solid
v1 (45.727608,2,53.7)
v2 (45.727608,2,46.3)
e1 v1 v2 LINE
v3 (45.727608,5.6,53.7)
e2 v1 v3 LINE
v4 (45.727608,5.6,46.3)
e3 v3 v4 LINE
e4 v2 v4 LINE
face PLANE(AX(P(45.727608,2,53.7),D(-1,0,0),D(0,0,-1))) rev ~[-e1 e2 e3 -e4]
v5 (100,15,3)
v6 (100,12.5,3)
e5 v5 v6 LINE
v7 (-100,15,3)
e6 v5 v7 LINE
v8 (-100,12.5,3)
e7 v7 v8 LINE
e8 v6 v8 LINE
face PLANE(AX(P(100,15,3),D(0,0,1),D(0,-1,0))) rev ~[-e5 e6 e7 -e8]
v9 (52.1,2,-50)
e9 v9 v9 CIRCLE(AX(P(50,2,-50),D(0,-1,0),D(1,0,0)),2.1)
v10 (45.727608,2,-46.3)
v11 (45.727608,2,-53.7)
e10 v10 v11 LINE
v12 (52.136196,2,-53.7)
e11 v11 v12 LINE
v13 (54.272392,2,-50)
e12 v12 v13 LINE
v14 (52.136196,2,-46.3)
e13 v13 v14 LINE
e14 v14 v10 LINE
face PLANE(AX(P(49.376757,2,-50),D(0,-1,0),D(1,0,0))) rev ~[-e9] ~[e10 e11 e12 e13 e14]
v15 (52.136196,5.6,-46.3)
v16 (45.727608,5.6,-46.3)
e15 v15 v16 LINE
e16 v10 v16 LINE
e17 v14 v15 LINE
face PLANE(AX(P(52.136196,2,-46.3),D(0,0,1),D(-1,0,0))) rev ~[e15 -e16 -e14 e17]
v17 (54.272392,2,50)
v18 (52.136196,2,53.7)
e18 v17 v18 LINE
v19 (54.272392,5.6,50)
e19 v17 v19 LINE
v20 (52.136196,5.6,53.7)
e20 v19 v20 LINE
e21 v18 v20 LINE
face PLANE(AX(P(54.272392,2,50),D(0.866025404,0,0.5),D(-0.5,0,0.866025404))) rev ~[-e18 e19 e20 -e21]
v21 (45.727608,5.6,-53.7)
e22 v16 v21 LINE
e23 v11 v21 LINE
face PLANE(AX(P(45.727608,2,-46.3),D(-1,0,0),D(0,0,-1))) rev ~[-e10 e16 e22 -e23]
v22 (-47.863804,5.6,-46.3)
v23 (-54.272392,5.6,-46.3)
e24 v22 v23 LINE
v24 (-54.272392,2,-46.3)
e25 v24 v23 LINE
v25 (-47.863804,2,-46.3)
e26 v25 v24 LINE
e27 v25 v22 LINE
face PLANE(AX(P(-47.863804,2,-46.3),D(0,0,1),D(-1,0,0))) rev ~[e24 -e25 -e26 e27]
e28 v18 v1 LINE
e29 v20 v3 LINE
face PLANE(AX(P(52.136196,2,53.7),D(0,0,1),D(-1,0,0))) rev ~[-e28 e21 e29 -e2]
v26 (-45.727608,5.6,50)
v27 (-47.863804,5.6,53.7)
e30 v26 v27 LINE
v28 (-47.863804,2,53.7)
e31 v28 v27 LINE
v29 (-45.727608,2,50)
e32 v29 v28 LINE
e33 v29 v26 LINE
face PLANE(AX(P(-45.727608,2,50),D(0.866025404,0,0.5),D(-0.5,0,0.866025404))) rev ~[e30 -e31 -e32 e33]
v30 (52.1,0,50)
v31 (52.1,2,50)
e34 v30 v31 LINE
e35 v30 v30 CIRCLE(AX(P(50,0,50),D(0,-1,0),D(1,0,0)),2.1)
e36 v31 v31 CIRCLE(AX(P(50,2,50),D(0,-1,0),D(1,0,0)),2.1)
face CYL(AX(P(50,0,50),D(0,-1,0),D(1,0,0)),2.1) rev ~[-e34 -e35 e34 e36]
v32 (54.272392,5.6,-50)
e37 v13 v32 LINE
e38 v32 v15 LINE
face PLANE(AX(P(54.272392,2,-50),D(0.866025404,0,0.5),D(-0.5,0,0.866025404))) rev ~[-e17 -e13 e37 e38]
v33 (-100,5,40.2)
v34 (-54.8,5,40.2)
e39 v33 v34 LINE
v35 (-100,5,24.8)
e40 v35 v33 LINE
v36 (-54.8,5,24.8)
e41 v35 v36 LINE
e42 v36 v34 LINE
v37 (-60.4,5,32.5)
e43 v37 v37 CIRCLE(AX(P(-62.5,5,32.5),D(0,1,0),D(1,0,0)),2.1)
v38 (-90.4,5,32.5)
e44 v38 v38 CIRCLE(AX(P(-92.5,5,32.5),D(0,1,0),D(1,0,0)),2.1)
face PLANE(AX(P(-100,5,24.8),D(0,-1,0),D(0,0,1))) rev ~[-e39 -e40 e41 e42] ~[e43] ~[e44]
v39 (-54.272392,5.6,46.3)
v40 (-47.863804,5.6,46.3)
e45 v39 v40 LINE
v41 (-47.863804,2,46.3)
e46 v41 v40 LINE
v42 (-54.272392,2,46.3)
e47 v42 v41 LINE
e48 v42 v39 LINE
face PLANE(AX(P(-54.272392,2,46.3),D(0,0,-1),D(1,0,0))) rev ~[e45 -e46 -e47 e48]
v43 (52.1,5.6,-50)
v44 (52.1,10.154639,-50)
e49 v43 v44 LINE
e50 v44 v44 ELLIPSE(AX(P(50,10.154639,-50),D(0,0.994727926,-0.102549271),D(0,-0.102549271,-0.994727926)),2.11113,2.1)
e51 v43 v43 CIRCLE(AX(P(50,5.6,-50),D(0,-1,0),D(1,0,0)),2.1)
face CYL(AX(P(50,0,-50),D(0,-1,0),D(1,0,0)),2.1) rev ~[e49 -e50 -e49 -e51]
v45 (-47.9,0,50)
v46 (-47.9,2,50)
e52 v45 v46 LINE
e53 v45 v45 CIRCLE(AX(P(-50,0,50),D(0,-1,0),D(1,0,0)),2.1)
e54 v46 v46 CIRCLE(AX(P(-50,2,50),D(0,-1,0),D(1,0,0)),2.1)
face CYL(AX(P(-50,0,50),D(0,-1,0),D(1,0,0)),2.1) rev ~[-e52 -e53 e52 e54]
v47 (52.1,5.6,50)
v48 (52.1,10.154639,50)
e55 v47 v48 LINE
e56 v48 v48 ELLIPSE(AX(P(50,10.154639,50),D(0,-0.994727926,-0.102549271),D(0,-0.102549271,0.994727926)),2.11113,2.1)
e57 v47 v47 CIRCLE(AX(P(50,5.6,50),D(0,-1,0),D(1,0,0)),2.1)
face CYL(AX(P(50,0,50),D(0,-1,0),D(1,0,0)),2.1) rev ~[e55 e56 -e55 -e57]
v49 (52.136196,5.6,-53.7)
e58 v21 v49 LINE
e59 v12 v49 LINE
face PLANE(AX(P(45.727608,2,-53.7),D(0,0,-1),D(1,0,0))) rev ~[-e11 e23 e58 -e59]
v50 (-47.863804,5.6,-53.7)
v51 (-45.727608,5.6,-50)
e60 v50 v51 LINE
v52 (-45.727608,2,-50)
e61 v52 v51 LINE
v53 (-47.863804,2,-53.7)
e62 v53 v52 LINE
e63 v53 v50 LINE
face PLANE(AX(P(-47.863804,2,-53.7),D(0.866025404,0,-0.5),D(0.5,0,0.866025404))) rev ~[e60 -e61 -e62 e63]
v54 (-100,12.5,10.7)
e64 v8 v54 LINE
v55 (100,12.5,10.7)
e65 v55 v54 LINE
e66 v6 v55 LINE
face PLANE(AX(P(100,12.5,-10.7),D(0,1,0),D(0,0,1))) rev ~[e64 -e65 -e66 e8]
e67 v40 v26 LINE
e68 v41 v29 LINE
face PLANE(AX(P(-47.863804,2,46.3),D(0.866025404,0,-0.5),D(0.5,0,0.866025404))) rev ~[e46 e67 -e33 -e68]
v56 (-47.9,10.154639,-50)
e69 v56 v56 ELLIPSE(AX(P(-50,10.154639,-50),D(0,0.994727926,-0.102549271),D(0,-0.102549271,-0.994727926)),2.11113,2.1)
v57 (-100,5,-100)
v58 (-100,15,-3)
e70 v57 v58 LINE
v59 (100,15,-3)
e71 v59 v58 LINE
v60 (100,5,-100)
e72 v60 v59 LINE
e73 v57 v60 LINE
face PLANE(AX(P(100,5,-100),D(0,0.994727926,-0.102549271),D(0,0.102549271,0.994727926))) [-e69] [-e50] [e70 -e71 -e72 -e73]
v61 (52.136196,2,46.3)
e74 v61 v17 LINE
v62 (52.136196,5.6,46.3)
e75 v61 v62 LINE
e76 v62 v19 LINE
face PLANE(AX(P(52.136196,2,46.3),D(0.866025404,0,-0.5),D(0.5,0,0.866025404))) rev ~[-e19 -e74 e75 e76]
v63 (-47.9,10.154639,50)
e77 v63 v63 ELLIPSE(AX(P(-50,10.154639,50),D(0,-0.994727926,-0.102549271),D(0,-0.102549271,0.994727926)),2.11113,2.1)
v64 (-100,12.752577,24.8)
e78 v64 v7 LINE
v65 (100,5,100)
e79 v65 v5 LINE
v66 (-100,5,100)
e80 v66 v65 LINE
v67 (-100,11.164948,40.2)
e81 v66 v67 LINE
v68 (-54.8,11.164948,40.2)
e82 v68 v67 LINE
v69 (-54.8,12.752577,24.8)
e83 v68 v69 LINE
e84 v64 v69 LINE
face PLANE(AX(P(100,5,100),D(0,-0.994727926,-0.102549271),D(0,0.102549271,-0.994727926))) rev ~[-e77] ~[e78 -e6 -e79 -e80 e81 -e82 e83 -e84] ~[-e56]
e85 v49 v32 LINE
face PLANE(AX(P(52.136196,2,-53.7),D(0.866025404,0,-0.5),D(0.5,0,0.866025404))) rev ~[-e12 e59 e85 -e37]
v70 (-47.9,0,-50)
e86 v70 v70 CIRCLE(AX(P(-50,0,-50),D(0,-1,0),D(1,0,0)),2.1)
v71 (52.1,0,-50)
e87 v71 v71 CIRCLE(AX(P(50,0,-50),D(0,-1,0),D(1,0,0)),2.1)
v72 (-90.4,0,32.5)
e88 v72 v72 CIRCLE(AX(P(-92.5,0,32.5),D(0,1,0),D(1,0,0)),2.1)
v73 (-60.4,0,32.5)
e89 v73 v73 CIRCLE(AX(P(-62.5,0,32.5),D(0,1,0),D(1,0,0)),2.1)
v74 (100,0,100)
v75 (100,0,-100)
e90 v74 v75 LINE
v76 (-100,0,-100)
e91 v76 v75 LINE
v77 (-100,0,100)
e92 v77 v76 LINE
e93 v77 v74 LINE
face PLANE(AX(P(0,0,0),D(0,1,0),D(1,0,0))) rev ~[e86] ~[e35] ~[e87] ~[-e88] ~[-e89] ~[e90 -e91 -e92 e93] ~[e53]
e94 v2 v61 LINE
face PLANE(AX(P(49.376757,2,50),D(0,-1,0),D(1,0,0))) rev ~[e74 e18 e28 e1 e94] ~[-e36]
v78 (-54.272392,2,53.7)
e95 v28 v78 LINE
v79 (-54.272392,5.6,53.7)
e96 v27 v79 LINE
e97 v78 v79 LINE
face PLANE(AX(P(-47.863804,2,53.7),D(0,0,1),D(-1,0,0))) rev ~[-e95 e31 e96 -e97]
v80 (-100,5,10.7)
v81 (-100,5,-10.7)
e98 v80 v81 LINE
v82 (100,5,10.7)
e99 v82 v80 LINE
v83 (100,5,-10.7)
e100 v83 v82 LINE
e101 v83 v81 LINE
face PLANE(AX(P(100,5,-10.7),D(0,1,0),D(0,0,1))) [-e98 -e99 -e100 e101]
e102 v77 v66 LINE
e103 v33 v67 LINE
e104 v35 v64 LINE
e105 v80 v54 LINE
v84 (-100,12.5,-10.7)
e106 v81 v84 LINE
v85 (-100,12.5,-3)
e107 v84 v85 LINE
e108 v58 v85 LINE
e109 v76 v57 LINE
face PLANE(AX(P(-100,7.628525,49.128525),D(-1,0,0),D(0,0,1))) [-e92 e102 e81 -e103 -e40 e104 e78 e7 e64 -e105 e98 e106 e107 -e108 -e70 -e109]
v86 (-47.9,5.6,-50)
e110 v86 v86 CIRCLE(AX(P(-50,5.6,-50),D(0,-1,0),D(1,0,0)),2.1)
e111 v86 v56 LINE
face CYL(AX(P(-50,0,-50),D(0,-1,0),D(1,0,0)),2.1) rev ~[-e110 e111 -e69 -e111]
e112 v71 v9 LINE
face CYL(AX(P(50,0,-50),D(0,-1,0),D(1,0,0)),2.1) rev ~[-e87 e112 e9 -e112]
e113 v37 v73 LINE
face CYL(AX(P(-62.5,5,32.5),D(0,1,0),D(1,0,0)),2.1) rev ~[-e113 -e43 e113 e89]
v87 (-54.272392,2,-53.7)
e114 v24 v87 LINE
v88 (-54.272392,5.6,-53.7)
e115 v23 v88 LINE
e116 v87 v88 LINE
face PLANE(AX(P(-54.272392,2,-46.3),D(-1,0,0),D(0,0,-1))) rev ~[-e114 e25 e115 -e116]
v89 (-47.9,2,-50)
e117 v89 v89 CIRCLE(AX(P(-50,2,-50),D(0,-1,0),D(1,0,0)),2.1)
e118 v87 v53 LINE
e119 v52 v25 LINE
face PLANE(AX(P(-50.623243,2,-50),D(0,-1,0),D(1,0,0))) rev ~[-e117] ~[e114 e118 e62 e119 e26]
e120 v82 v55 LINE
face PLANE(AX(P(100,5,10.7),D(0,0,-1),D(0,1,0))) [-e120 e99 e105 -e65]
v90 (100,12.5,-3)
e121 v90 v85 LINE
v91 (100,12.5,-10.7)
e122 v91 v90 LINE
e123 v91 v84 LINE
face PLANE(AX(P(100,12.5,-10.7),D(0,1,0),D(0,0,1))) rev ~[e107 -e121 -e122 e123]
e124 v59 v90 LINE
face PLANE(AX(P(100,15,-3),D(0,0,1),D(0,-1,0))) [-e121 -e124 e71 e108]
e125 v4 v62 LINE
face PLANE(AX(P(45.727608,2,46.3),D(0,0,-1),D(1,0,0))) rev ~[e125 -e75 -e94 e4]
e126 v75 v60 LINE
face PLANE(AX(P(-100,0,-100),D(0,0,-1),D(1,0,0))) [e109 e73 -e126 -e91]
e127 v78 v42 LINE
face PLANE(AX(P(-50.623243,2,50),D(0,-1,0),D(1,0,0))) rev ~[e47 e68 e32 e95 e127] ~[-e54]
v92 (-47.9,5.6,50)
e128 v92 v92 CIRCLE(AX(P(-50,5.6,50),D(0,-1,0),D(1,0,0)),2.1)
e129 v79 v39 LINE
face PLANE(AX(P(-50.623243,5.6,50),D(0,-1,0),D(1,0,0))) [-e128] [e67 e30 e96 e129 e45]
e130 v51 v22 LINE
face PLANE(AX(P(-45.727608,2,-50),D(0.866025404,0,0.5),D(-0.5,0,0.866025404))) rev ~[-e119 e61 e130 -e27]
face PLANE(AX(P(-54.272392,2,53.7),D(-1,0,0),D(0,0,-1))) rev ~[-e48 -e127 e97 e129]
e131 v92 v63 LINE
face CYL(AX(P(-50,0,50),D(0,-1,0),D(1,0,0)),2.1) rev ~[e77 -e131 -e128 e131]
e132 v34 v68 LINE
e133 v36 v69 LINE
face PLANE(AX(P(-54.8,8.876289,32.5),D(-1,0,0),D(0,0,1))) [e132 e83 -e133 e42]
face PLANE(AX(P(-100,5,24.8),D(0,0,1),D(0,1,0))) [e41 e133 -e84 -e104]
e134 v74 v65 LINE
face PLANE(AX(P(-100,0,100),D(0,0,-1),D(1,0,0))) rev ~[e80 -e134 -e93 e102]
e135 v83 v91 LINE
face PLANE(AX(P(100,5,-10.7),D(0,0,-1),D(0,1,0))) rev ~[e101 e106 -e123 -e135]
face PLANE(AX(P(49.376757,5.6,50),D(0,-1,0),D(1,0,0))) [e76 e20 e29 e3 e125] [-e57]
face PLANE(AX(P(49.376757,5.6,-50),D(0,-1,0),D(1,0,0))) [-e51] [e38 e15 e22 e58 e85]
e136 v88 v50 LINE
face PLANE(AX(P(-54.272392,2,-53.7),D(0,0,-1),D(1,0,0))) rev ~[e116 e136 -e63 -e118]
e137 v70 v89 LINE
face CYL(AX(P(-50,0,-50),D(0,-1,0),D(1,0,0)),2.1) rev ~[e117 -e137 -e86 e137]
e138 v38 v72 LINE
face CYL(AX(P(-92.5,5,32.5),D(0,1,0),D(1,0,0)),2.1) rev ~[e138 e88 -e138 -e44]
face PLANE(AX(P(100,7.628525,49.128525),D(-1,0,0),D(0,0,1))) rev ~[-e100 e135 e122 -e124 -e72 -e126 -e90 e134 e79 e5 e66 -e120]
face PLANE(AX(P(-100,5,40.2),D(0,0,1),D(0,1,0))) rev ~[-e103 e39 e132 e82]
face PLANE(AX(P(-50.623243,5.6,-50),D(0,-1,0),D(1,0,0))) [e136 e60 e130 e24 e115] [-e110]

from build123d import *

# Parameters (mm, degrees)
SKETCH1_W           = 200
SKETCH1_H           = 200
BOSS_EXTRUDE1_DEPTH = 5
BOSS_EXTRUDE2_DEPTH = 200
CUT_EXTRUDE9_START  = -200
SKETCH13_W          = 21.4
SKETCH13_H          = 7.5
CUT_EXTRUDE9_DEPTH  = 200
CUT_EXTRUDE14_START = -2
CUT_EXTRUDE14_DEPTH = 3.6
SKETCH17_R          = 2.1
CUT_EXTRUDE15_DEPTH = 16
SKETCH19_W          = 15.4
SKETCH19_H          = 7.75257732
CUT_EXTRUDE16_DEPTH = 45.2
SKETCH20_R          = 2.1
CUT_EXTRUDE17_DEPTH = 45


with BuildPart() as part:
    # Sketch1 → Boss-Extrude1 (new body)
    with BuildSketch(Plane(origin=(0, 0, 0), x_dir=(1, 0, 0), z_dir=(0, 1, 0))):
        Rectangle(SKETCH1_W, SKETCH1_H)
    extrude(amount=BOSS_EXTRUDE1_DEPTH)

    # Sketch9 → Boss-Extrude2 (add)
    with BuildSketch(Plane(origin=(100, 0, 0), x_dir=(0, 0, -1), z_dir=(1, 0, 0))):
        Polygon((-100, 5), (-3, 15), (-3, 5), align=None)
        Polygon((3, 5), (100, 5), (3, 15), align=None)
    extrude(amount=-BOSS_EXTRUDE2_DEPTH)

    # Sketch13 → Cut-Extrude9 (cut)
    with BuildSketch(Plane.ZY.offset(100).offset(CUT_EXTRUDE9_START)):
        with Locations((0, 8.75)):
            Rectangle(SKETCH13_W, SKETCH13_H)
    extrude(amount=CUT_EXTRUDE9_DEPTH, mode=Mode.SUBTRACT)

    # Sketch18 → Cut-Extrude14 (cut)
    with BuildSketch(Plane.XZ.offset(CUT_EXTRUDE14_START)):
        Polygon((-52.136195996, 46.3), (-47.863804004, 46.3), (-45.727608008, 50), (-47.863804004, 53.7), (-52.136195996, 53.7), (-54.272391992, 53.7), (-54.272391992, 46.3), align=None)
        Polygon((47.863804004, 46.3), (52.136195996, 46.3), (54.272391992, 50), (52.136195996, 53.7), (47.863804004, 53.7), (45.727608008, 53.7), (45.727608008, 46.3), align=None)
        Polygon((47.863804004, -53.7), (52.136195996, -53.7), (54.272391992, -50), (52.136195996, -46.3), (47.863804004, -46.3), (45.727608008, -46.3), (45.727608008, -53.7), align=None)
        Polygon((-52.136195996, -53.7), (-47.863804004, -53.7), (-45.727608008, -50), (-47.863804004, -46.3), (-52.136195996, -46.3), (-54.272391992, -46.3), (-54.272391992, -53.7), align=None)
    extrude(amount=-CUT_EXTRUDE14_DEPTH, mode=Mode.SUBTRACT)

    # Sketch17 → Cut-Extrude15 (cut, through all)
    with BuildSketch(Plane.XZ):
        with Locations((-50, 50)):
            Circle(SKETCH17_R)
        with Locations((50, 50)):
            Circle(SKETCH17_R)
        with Locations((50, -50)):
            Circle(SKETCH17_R)
        with Locations((-50, -50)):
            Circle(SKETCH17_R)
    extrude(amount=-CUT_EXTRUDE15_DEPTH, mode=Mode.SUBTRACT)

    # Sketch19 → Cut-Extrude16 (cut)
    with BuildSketch(Plane.ZY.offset(100)):
        with Locations((32.5, 8.87628866)):
            Rectangle(SKETCH19_W, SKETCH19_H)
    extrude(amount=-CUT_EXTRUDE16_DEPTH, mode=Mode.SUBTRACT)

    # Sketch20 → Cut-Extrude17 (cut)
    with BuildSketch(Plane(origin=(0, 5, 0), x_dir=(1, 0, 0), z_dir=(0, 1, 0))):
        with Locations((-92.5, -32.5)):
            Circle(SKETCH20_R)
        with Locations((-62.5, -32.5)):
            Circle(SKETCH20_R)
    extrude(amount=-CUT_EXTRUDE17_DEPTH, mode=Mode.SUBTRACT)


solid = part.part
